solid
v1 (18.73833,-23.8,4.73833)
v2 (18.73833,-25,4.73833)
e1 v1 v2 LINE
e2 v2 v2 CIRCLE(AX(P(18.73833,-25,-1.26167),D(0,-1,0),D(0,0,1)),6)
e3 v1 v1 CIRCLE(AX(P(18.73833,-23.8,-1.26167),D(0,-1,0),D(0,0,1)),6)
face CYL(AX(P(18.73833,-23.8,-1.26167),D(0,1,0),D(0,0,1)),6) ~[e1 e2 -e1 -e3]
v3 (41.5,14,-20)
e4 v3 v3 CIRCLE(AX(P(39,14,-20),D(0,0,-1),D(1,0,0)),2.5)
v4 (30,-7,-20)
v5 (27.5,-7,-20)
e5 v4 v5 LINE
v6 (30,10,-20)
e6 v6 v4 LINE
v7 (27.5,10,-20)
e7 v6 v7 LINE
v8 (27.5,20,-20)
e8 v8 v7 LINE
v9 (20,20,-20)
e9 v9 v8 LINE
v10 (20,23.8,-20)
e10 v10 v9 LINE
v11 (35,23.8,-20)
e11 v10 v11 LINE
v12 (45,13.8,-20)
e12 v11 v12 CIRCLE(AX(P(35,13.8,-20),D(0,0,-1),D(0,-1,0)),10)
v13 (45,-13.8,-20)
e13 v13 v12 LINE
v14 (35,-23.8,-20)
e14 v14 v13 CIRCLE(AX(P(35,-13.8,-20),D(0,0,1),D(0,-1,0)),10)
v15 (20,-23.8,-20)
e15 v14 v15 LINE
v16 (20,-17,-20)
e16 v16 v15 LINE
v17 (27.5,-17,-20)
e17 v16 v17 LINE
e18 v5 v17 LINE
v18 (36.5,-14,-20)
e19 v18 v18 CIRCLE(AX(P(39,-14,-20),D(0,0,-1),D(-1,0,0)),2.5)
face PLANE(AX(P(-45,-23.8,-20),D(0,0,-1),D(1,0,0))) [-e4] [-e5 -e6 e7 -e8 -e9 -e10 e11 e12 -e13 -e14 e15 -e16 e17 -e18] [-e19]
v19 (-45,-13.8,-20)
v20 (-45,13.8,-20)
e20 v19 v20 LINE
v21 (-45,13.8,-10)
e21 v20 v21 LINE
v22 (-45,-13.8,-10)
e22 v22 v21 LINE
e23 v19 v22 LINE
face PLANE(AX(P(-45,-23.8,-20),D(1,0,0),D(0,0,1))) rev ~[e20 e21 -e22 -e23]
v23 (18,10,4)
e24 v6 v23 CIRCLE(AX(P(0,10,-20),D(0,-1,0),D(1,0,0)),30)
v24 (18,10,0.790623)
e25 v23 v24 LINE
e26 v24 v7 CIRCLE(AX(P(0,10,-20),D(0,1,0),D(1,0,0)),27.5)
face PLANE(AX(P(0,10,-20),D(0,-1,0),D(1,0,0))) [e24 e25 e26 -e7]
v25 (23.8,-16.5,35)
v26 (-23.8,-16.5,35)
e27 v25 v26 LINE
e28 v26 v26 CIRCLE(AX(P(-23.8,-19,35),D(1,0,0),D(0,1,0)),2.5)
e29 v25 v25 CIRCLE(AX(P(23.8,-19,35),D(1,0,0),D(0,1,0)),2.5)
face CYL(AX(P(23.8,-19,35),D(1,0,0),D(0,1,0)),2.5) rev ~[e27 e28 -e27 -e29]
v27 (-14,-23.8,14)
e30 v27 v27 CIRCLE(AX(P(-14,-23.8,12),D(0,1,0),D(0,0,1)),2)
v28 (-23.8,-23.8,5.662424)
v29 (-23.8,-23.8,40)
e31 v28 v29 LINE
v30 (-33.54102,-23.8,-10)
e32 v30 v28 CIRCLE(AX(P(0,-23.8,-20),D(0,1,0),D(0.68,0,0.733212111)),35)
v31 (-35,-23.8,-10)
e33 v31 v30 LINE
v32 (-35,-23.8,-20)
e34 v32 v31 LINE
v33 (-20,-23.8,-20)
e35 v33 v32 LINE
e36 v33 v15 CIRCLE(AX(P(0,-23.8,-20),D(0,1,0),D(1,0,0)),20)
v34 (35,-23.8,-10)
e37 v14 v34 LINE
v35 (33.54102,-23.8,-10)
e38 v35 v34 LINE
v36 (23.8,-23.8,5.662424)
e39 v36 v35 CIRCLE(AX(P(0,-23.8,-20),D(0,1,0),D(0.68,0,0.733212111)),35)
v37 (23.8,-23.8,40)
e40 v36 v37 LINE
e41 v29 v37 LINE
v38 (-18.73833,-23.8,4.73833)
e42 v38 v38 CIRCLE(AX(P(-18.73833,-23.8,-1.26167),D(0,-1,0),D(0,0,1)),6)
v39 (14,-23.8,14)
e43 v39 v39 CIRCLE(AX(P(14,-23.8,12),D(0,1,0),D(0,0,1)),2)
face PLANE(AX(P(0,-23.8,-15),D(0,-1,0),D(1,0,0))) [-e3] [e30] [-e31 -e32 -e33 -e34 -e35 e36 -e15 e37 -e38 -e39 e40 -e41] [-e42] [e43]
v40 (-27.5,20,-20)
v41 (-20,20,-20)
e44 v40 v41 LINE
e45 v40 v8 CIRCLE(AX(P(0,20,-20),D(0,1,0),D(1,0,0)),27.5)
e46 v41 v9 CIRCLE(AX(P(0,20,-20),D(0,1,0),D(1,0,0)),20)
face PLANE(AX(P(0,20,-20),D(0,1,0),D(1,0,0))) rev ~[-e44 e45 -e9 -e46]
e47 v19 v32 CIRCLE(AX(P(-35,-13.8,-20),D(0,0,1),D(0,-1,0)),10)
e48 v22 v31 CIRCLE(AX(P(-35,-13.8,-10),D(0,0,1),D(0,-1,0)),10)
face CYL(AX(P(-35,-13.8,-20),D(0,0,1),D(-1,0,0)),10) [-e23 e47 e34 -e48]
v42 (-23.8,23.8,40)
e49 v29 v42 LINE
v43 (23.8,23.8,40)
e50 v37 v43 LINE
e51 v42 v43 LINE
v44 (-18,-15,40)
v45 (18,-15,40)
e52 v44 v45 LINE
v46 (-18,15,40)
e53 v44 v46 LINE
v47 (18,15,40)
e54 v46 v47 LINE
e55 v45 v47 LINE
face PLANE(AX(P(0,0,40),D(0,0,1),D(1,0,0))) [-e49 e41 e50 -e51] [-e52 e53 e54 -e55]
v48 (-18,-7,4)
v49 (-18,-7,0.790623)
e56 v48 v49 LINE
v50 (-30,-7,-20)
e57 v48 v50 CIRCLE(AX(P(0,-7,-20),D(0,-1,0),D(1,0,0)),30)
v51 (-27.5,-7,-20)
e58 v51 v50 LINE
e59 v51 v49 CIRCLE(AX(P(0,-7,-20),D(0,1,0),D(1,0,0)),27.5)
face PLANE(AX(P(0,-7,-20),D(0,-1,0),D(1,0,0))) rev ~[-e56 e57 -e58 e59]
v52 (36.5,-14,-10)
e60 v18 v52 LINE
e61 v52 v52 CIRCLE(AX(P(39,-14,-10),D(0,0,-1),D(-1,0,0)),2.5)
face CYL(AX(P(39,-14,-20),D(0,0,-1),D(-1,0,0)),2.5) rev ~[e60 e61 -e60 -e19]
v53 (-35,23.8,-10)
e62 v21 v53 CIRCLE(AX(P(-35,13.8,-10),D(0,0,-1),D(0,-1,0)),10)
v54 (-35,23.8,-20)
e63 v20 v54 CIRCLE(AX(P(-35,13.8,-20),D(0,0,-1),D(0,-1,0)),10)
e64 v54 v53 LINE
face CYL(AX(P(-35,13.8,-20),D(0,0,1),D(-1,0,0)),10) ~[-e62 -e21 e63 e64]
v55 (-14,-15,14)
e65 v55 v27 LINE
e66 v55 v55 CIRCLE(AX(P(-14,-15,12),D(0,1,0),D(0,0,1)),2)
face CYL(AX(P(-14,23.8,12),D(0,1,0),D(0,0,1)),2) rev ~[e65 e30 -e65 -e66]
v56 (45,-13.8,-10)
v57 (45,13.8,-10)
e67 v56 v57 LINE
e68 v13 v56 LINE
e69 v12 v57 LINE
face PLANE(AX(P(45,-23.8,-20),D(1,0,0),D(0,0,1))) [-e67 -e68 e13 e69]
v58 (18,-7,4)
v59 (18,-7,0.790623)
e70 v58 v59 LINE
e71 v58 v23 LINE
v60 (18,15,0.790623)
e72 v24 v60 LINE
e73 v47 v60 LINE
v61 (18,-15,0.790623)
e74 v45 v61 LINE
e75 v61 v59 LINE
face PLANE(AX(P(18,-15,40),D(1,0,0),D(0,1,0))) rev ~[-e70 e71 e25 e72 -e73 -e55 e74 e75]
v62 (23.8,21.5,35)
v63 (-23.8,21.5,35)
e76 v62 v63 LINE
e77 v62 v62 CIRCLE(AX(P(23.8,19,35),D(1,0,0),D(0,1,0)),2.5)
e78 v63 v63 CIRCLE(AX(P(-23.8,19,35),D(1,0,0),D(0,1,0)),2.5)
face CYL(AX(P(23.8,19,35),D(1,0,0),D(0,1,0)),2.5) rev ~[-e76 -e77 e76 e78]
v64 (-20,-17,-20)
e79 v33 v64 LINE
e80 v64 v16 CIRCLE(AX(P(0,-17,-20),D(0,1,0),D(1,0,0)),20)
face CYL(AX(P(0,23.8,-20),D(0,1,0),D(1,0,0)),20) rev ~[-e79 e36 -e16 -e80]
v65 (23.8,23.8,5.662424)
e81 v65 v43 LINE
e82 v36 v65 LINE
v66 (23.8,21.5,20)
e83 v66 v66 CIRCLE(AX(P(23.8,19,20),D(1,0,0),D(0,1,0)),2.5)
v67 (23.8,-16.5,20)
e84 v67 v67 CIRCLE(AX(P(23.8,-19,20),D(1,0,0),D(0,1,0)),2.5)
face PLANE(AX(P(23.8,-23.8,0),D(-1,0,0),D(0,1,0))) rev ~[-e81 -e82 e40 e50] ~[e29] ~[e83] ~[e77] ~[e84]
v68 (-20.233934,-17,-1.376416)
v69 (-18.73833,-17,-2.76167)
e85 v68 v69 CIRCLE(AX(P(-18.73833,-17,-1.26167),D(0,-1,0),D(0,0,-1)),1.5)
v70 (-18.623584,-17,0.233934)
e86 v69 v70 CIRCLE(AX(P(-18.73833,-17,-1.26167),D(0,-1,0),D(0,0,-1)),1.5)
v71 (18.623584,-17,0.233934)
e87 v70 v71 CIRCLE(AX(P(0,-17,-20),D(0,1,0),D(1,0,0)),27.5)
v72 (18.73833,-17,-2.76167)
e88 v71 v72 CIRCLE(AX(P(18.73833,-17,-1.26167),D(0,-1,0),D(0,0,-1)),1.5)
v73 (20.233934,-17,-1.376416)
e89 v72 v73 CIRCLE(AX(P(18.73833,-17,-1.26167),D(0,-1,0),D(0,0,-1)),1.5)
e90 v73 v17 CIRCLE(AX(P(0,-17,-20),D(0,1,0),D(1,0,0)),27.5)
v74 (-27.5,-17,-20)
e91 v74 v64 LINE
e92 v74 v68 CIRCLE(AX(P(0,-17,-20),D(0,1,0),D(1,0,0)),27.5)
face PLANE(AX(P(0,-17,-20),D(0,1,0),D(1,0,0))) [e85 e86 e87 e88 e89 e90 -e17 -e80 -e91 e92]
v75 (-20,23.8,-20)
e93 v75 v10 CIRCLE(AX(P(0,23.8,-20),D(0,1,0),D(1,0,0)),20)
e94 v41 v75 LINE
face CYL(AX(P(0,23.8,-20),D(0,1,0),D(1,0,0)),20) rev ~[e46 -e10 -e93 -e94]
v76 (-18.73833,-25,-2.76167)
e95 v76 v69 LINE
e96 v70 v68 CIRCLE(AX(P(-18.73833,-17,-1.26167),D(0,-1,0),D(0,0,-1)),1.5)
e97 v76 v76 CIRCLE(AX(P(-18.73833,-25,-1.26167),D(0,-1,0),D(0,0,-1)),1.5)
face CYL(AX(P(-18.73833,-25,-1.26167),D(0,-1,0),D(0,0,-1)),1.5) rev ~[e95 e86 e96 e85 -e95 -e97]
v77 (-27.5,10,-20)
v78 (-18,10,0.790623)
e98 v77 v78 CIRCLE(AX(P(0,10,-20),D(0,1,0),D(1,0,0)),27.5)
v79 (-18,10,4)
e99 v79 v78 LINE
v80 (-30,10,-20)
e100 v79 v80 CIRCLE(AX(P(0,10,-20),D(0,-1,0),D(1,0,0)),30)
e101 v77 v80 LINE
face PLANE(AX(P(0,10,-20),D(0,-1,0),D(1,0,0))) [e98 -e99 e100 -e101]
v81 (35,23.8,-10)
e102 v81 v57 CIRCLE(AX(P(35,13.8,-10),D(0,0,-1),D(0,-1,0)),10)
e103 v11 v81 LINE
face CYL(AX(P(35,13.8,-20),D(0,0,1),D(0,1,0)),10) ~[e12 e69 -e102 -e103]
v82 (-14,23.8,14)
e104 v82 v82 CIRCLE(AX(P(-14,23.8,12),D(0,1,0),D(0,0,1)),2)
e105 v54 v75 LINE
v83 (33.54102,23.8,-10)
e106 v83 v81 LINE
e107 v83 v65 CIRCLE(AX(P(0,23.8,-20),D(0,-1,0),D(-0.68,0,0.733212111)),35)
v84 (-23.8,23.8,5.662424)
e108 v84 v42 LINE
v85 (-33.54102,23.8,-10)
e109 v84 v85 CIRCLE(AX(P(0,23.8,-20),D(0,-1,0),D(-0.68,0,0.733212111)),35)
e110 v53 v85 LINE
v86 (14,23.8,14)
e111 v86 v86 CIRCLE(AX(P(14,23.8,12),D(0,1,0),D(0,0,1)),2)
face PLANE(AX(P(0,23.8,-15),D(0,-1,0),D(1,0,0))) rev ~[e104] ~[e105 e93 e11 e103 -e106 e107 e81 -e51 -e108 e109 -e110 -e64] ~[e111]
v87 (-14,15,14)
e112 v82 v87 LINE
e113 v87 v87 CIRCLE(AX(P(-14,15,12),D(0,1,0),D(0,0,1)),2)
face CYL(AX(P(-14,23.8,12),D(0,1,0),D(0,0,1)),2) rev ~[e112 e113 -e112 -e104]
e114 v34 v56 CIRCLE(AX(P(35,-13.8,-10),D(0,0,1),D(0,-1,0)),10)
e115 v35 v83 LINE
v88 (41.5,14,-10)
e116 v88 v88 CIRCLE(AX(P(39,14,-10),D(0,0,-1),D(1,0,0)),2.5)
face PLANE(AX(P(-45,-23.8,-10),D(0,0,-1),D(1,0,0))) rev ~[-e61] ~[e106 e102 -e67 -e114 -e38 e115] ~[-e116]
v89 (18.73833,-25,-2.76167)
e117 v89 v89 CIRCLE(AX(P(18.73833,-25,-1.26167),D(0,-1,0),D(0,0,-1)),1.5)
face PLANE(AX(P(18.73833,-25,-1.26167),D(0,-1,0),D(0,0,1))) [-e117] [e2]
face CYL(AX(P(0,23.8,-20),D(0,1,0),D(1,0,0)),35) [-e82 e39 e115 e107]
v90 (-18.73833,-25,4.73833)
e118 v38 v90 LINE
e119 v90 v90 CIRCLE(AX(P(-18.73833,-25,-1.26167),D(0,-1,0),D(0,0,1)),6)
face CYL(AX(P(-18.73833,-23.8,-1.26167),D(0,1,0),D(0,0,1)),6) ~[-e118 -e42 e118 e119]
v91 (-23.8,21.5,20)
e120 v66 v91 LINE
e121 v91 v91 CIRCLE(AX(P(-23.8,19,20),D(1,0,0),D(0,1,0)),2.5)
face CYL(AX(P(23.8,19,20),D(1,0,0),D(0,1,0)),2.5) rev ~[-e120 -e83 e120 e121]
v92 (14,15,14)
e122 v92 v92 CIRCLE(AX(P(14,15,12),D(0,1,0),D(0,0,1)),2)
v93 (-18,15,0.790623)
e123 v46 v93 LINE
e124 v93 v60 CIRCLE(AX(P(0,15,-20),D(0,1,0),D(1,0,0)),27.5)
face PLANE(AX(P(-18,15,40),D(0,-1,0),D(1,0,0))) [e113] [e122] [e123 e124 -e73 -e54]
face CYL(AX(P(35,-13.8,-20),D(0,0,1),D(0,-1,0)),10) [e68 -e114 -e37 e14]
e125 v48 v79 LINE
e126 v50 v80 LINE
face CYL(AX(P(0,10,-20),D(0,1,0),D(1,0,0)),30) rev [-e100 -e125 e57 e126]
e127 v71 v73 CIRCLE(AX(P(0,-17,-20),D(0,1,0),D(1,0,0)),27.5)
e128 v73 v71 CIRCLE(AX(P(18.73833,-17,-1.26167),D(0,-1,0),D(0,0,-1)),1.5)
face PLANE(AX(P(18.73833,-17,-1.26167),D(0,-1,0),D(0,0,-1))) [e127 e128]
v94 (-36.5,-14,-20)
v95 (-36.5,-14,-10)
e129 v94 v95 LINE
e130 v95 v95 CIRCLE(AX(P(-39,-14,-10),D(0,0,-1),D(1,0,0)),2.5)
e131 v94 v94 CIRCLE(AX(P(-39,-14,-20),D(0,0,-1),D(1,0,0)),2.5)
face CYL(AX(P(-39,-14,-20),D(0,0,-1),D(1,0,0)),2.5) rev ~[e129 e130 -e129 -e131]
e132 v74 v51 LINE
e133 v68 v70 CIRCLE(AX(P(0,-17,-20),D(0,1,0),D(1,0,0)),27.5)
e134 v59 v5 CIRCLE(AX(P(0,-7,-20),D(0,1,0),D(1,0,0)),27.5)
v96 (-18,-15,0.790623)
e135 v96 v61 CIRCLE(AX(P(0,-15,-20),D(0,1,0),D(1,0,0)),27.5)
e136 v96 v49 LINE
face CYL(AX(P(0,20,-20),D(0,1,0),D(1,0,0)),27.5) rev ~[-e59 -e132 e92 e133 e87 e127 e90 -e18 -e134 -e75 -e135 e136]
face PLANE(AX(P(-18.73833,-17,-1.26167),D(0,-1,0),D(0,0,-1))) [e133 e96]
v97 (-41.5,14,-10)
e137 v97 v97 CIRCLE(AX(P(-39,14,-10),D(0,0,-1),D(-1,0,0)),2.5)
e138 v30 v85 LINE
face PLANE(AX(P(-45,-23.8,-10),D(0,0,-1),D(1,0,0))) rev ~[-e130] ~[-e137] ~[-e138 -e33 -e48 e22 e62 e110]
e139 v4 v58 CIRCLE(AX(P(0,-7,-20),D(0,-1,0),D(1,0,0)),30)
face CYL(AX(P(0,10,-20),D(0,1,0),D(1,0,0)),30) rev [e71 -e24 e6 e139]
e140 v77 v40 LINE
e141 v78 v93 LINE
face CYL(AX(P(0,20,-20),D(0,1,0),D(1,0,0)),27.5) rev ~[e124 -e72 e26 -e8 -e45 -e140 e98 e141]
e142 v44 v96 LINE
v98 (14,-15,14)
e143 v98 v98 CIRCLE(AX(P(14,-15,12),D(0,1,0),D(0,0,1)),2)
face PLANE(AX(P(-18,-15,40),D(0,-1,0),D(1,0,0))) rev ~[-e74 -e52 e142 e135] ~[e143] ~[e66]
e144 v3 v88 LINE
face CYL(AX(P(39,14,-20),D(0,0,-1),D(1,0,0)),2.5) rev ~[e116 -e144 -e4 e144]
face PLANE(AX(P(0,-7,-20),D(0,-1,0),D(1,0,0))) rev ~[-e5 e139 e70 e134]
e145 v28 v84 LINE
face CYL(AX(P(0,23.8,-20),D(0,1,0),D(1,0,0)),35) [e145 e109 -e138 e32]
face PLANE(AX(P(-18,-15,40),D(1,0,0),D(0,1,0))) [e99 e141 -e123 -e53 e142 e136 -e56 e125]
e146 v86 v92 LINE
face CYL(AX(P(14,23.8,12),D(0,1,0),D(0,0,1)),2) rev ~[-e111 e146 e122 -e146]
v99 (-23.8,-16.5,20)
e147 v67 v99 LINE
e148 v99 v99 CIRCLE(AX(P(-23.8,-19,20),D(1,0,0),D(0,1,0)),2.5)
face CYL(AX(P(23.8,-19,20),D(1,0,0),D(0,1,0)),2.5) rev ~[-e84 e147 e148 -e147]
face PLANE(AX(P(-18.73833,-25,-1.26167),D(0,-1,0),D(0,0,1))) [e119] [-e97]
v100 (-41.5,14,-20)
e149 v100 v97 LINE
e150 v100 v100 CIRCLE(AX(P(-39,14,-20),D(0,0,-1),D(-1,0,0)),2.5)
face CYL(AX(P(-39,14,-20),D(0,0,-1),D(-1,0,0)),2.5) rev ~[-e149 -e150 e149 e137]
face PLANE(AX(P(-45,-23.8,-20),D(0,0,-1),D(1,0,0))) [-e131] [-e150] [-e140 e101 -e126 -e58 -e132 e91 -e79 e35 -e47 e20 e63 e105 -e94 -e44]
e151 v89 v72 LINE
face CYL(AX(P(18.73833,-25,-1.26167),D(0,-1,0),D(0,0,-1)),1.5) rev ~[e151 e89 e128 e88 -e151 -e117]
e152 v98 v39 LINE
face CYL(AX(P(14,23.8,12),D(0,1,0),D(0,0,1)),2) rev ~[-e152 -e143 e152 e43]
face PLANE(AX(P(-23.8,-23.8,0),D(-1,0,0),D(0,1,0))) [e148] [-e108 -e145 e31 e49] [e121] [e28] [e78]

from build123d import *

# Parameters (mm, degrees)
CROQUIS1_W              = 47.6
CROQUIS1_H              = 47.6
SALIENTE_EXTRUIR1_DEPTH = 40
CROQUIS3_R              = 35
SALIENTE_EXTRUIR2_DEPTH = 47.6
CROQUIS4_W              = 80
CROQUIS4_H              = 40
CORTAR_EXTRUIR1_DEPTH   = 81.72025768
CROQUIS9_W              = 90
CROQUIS9_H              = 10
SALIENTE_EXTRUIR3_DEPTH = 47.6
CORTAR_EXTRUIR2_START   = -3.8
CROQUIS5_R              = 27.5
CORTAR_EXTRUIR2_DEPTH   = 37
CROQUIS6_W              = 36
CROQUIS6_H              = 30
CORTAR_EXTRUIR3_DEPTH   = 79.685703911
CORTAR_EXTRUIR4_START   = 10
CROQUIS7_R              = 30
CORTAR_EXTRUIR4_DEPTH   = 17
CROQUIS8_R              = 2.5
CORTAR_EXTRUIR5_DEPTH   = 84.065516311
CROQUIS11_R             = 2.5
CORTAR_EXTRUIR7_DEPTH   = 79.685703911
REDONDEO1_R             = 10
CROQUIS10_R             = 20
CORTAR_EXTRUIR6_DEPTH   = 77.751286634
CROQUIS13_R             = 2
CORTAR_EXTRUIR8_DEPTH   = 77.751286634
CROQUIS14_R             = 6
SALIENTE_EXTRUIR4_DEPTH = 1.2
CROQUIS15_R             = 1.5
CORTAR_EXTRUIR9_DEPTH   = 8


with BuildPart() as part:
    # Croquis1 → Saliente-Extruir1 (new body)
    with BuildSketch(Plane.XY):
        Rectangle(CROQUIS1_W, CROQUIS1_H)
    extrude(amount=SALIENTE_EXTRUIR1_DEPTH)

    # Croquis3 → Saliente-Extruir2 (add)
    with BuildSketch(Plane(origin=(0, 23.8, 0), x_dir=(1, 0, 0), z_dir=(0, 1, 0))):
        with Locations((0, 20)):
            Circle(CROQUIS3_R)
    extrude(amount=-SALIENTE_EXTRUIR2_DEPTH)

    # Croquis4 → Cortar-Extruir1 (cut, through all)
    with BuildSketch(Plane(origin=(0, 23.8, 0), x_dir=(1, 0, 0), z_dir=(0, 1, 0))):
        with Locations((0.60144352, 40)):
            Rectangle(CROQUIS4_W, CROQUIS4_H)
    extrude(amount=-CORTAR_EXTRUIR1_DEPTH, mode=Mode.SUBTRACT)

    # Croquis9 → Saliente-Extruir3 (add)
    with BuildSketch(Plane.XZ.offset(23.8)):
        with Locations((0, -15)):
            Rectangle(CROQUIS9_W, CROQUIS9_H)
    extrude(amount=-SALIENTE_EXTRUIR3_DEPTH)

    # Croquis5 → Cortar-Extruir2 (cut)
    with BuildSketch(Plane(origin=(0, 23.8, 0), x_dir=(1, 0, 0), z_dir=(0, 1, 0)).offset(CORTAR_EXTRUIR2_START)):
        with Locations((0, 20)):
            Circle(CROQUIS5_R)
    extrude(amount=-CORTAR_EXTRUIR2_DEPTH, mode=Mode.SUBTRACT)

    # Croquis6 → Cortar-Extruir3 (cut, through all)
    with BuildSketch(Plane.XY.offset(40)):
        Rectangle(CROQUIS6_W, CROQUIS6_H)
    extrude(amount=-CORTAR_EXTRUIR3_DEPTH, mode=Mode.SUBTRACT)

    # Croquis7 → Cortar-Extruir4 (cut)
    with BuildSketch(Plane.XZ.offset(-20).offset(CORTAR_EXTRUIR4_START)):
        with Locations((0, -20)):
            Circle(CROQUIS7_R)
    extrude(amount=CORTAR_EXTRUIR4_DEPTH, mode=Mode.SUBTRACT)

    # Croquis8 → Cortar-Extruir5 (cut, through all)
    with BuildSketch(Plane(origin=(23.8, 0, 0), x_dir=(0, 0, -1), z_dir=(1, 0, 0))):
        with Locations(Location((-35, 19, 0), (0, 0, 90))):
            Circle(CROQUIS8_R)
        with Locations(Location((-20, 19, 0), (0, 0, 90))):
            Circle(CROQUIS8_R)
        with Locations(Location((-20, -19, 0), (0, 0, 90))):
            Circle(CROQUIS8_R)
        with Locations(Location((-35, -19, 0), (0, 0, 90))):
            Circle(CROQUIS8_R)
    extrude(amount=-CORTAR_EXTRUIR5_DEPTH, mode=Mode.SUBTRACT)

    # Croquis11 → Cortar-Extruir7 (cut, through all)
    with BuildSketch(Plane(origin=(0, 0, -20), x_dir=(-1, 0, 0), z_dir=(0, 0, -1))):
        with Locations((39, 14)):
            Circle(CROQUIS11_R)
        with Locations(Location((39, -14, 0), (0, 0, 180))):
            Circle(CROQUIS11_R)
        with Locations((-39, -14)):
            Circle(CROQUIS11_R)
        with Locations(Location((-39, 14, 0), (0, 0, 180))):
            Circle(CROQUIS11_R)
    extrude(amount=-CORTAR_EXTRUIR7_DEPTH, mode=Mode.SUBTRACT)

    # Redondeo1
    redondeo1_edges = [part.edges().sort_by_distance(p)[0] for p in [
        (45, -23.8, -15),
        (-45, 23.8, -15),
        (45, 23.8, -15),
        (-45, -23.8, -15),
    ]]
    fillet(redondeo1_edges, radius=REDONDEO1_R)

    # Croquis10 → Cortar-Extruir6 (cut, through all)
    with BuildSketch(Plane(origin=(0, 23.8, 0), x_dir=(1, 0, 0), z_dir=(0, 1, 0))):
        with Locations((0, 20)):
            Circle(CROQUIS10_R)
    extrude(amount=-CORTAR_EXTRUIR6_DEPTH, mode=Mode.SUBTRACT)

    # Croquis13 → Cortar-Extruir8 (cut, through all)
    with BuildSketch(Plane(origin=(0, 23.8, 0), x_dir=(1, 0, 0), z_dir=(0, 1, 0))):
        with Locations(Location((-14, -12, 0), (0, 0, 270))):
            Circle(CROQUIS13_R)
        with Locations(Location((14, -12, 0), (0, 0, 270))):
            Circle(CROQUIS13_R)
    extrude(amount=-CORTAR_EXTRUIR8_DEPTH, mode=Mode.SUBTRACT)

    # Croquis14 → Saliente-Extruir4 (add)
    with BuildSketch(Plane.XZ.offset(23.8)):
        with Locations(Location((-18.738329701, -1.261670299, 0), (0, 0, 90))):
            Circle(CROQUIS14_R)
        with Locations(Location((18.738329701, -1.261670299, 0), (0, 0, 90))):
            Circle(CROQUIS14_R)
    extrude(amount=SALIENTE_EXTRUIR4_DEPTH)

    # Croquis15 → Cortar-Extruir9 (cut)
    with BuildSketch(Plane.XZ.offset(25)):
        with Locations(Location((18.738329701, -1.261670299, 0), (0, 0, 270))):
            Circle(CROQUIS15_R)
        with Locations(Location((-18.738329701, -1.261670299, 0), (0, 0, 270))):
            Circle(CROQUIS15_R)
    extrude(amount=-CORTAR_EXTRUIR9_DEPTH, mode=Mode.SUBTRACT)


solid = part.part
